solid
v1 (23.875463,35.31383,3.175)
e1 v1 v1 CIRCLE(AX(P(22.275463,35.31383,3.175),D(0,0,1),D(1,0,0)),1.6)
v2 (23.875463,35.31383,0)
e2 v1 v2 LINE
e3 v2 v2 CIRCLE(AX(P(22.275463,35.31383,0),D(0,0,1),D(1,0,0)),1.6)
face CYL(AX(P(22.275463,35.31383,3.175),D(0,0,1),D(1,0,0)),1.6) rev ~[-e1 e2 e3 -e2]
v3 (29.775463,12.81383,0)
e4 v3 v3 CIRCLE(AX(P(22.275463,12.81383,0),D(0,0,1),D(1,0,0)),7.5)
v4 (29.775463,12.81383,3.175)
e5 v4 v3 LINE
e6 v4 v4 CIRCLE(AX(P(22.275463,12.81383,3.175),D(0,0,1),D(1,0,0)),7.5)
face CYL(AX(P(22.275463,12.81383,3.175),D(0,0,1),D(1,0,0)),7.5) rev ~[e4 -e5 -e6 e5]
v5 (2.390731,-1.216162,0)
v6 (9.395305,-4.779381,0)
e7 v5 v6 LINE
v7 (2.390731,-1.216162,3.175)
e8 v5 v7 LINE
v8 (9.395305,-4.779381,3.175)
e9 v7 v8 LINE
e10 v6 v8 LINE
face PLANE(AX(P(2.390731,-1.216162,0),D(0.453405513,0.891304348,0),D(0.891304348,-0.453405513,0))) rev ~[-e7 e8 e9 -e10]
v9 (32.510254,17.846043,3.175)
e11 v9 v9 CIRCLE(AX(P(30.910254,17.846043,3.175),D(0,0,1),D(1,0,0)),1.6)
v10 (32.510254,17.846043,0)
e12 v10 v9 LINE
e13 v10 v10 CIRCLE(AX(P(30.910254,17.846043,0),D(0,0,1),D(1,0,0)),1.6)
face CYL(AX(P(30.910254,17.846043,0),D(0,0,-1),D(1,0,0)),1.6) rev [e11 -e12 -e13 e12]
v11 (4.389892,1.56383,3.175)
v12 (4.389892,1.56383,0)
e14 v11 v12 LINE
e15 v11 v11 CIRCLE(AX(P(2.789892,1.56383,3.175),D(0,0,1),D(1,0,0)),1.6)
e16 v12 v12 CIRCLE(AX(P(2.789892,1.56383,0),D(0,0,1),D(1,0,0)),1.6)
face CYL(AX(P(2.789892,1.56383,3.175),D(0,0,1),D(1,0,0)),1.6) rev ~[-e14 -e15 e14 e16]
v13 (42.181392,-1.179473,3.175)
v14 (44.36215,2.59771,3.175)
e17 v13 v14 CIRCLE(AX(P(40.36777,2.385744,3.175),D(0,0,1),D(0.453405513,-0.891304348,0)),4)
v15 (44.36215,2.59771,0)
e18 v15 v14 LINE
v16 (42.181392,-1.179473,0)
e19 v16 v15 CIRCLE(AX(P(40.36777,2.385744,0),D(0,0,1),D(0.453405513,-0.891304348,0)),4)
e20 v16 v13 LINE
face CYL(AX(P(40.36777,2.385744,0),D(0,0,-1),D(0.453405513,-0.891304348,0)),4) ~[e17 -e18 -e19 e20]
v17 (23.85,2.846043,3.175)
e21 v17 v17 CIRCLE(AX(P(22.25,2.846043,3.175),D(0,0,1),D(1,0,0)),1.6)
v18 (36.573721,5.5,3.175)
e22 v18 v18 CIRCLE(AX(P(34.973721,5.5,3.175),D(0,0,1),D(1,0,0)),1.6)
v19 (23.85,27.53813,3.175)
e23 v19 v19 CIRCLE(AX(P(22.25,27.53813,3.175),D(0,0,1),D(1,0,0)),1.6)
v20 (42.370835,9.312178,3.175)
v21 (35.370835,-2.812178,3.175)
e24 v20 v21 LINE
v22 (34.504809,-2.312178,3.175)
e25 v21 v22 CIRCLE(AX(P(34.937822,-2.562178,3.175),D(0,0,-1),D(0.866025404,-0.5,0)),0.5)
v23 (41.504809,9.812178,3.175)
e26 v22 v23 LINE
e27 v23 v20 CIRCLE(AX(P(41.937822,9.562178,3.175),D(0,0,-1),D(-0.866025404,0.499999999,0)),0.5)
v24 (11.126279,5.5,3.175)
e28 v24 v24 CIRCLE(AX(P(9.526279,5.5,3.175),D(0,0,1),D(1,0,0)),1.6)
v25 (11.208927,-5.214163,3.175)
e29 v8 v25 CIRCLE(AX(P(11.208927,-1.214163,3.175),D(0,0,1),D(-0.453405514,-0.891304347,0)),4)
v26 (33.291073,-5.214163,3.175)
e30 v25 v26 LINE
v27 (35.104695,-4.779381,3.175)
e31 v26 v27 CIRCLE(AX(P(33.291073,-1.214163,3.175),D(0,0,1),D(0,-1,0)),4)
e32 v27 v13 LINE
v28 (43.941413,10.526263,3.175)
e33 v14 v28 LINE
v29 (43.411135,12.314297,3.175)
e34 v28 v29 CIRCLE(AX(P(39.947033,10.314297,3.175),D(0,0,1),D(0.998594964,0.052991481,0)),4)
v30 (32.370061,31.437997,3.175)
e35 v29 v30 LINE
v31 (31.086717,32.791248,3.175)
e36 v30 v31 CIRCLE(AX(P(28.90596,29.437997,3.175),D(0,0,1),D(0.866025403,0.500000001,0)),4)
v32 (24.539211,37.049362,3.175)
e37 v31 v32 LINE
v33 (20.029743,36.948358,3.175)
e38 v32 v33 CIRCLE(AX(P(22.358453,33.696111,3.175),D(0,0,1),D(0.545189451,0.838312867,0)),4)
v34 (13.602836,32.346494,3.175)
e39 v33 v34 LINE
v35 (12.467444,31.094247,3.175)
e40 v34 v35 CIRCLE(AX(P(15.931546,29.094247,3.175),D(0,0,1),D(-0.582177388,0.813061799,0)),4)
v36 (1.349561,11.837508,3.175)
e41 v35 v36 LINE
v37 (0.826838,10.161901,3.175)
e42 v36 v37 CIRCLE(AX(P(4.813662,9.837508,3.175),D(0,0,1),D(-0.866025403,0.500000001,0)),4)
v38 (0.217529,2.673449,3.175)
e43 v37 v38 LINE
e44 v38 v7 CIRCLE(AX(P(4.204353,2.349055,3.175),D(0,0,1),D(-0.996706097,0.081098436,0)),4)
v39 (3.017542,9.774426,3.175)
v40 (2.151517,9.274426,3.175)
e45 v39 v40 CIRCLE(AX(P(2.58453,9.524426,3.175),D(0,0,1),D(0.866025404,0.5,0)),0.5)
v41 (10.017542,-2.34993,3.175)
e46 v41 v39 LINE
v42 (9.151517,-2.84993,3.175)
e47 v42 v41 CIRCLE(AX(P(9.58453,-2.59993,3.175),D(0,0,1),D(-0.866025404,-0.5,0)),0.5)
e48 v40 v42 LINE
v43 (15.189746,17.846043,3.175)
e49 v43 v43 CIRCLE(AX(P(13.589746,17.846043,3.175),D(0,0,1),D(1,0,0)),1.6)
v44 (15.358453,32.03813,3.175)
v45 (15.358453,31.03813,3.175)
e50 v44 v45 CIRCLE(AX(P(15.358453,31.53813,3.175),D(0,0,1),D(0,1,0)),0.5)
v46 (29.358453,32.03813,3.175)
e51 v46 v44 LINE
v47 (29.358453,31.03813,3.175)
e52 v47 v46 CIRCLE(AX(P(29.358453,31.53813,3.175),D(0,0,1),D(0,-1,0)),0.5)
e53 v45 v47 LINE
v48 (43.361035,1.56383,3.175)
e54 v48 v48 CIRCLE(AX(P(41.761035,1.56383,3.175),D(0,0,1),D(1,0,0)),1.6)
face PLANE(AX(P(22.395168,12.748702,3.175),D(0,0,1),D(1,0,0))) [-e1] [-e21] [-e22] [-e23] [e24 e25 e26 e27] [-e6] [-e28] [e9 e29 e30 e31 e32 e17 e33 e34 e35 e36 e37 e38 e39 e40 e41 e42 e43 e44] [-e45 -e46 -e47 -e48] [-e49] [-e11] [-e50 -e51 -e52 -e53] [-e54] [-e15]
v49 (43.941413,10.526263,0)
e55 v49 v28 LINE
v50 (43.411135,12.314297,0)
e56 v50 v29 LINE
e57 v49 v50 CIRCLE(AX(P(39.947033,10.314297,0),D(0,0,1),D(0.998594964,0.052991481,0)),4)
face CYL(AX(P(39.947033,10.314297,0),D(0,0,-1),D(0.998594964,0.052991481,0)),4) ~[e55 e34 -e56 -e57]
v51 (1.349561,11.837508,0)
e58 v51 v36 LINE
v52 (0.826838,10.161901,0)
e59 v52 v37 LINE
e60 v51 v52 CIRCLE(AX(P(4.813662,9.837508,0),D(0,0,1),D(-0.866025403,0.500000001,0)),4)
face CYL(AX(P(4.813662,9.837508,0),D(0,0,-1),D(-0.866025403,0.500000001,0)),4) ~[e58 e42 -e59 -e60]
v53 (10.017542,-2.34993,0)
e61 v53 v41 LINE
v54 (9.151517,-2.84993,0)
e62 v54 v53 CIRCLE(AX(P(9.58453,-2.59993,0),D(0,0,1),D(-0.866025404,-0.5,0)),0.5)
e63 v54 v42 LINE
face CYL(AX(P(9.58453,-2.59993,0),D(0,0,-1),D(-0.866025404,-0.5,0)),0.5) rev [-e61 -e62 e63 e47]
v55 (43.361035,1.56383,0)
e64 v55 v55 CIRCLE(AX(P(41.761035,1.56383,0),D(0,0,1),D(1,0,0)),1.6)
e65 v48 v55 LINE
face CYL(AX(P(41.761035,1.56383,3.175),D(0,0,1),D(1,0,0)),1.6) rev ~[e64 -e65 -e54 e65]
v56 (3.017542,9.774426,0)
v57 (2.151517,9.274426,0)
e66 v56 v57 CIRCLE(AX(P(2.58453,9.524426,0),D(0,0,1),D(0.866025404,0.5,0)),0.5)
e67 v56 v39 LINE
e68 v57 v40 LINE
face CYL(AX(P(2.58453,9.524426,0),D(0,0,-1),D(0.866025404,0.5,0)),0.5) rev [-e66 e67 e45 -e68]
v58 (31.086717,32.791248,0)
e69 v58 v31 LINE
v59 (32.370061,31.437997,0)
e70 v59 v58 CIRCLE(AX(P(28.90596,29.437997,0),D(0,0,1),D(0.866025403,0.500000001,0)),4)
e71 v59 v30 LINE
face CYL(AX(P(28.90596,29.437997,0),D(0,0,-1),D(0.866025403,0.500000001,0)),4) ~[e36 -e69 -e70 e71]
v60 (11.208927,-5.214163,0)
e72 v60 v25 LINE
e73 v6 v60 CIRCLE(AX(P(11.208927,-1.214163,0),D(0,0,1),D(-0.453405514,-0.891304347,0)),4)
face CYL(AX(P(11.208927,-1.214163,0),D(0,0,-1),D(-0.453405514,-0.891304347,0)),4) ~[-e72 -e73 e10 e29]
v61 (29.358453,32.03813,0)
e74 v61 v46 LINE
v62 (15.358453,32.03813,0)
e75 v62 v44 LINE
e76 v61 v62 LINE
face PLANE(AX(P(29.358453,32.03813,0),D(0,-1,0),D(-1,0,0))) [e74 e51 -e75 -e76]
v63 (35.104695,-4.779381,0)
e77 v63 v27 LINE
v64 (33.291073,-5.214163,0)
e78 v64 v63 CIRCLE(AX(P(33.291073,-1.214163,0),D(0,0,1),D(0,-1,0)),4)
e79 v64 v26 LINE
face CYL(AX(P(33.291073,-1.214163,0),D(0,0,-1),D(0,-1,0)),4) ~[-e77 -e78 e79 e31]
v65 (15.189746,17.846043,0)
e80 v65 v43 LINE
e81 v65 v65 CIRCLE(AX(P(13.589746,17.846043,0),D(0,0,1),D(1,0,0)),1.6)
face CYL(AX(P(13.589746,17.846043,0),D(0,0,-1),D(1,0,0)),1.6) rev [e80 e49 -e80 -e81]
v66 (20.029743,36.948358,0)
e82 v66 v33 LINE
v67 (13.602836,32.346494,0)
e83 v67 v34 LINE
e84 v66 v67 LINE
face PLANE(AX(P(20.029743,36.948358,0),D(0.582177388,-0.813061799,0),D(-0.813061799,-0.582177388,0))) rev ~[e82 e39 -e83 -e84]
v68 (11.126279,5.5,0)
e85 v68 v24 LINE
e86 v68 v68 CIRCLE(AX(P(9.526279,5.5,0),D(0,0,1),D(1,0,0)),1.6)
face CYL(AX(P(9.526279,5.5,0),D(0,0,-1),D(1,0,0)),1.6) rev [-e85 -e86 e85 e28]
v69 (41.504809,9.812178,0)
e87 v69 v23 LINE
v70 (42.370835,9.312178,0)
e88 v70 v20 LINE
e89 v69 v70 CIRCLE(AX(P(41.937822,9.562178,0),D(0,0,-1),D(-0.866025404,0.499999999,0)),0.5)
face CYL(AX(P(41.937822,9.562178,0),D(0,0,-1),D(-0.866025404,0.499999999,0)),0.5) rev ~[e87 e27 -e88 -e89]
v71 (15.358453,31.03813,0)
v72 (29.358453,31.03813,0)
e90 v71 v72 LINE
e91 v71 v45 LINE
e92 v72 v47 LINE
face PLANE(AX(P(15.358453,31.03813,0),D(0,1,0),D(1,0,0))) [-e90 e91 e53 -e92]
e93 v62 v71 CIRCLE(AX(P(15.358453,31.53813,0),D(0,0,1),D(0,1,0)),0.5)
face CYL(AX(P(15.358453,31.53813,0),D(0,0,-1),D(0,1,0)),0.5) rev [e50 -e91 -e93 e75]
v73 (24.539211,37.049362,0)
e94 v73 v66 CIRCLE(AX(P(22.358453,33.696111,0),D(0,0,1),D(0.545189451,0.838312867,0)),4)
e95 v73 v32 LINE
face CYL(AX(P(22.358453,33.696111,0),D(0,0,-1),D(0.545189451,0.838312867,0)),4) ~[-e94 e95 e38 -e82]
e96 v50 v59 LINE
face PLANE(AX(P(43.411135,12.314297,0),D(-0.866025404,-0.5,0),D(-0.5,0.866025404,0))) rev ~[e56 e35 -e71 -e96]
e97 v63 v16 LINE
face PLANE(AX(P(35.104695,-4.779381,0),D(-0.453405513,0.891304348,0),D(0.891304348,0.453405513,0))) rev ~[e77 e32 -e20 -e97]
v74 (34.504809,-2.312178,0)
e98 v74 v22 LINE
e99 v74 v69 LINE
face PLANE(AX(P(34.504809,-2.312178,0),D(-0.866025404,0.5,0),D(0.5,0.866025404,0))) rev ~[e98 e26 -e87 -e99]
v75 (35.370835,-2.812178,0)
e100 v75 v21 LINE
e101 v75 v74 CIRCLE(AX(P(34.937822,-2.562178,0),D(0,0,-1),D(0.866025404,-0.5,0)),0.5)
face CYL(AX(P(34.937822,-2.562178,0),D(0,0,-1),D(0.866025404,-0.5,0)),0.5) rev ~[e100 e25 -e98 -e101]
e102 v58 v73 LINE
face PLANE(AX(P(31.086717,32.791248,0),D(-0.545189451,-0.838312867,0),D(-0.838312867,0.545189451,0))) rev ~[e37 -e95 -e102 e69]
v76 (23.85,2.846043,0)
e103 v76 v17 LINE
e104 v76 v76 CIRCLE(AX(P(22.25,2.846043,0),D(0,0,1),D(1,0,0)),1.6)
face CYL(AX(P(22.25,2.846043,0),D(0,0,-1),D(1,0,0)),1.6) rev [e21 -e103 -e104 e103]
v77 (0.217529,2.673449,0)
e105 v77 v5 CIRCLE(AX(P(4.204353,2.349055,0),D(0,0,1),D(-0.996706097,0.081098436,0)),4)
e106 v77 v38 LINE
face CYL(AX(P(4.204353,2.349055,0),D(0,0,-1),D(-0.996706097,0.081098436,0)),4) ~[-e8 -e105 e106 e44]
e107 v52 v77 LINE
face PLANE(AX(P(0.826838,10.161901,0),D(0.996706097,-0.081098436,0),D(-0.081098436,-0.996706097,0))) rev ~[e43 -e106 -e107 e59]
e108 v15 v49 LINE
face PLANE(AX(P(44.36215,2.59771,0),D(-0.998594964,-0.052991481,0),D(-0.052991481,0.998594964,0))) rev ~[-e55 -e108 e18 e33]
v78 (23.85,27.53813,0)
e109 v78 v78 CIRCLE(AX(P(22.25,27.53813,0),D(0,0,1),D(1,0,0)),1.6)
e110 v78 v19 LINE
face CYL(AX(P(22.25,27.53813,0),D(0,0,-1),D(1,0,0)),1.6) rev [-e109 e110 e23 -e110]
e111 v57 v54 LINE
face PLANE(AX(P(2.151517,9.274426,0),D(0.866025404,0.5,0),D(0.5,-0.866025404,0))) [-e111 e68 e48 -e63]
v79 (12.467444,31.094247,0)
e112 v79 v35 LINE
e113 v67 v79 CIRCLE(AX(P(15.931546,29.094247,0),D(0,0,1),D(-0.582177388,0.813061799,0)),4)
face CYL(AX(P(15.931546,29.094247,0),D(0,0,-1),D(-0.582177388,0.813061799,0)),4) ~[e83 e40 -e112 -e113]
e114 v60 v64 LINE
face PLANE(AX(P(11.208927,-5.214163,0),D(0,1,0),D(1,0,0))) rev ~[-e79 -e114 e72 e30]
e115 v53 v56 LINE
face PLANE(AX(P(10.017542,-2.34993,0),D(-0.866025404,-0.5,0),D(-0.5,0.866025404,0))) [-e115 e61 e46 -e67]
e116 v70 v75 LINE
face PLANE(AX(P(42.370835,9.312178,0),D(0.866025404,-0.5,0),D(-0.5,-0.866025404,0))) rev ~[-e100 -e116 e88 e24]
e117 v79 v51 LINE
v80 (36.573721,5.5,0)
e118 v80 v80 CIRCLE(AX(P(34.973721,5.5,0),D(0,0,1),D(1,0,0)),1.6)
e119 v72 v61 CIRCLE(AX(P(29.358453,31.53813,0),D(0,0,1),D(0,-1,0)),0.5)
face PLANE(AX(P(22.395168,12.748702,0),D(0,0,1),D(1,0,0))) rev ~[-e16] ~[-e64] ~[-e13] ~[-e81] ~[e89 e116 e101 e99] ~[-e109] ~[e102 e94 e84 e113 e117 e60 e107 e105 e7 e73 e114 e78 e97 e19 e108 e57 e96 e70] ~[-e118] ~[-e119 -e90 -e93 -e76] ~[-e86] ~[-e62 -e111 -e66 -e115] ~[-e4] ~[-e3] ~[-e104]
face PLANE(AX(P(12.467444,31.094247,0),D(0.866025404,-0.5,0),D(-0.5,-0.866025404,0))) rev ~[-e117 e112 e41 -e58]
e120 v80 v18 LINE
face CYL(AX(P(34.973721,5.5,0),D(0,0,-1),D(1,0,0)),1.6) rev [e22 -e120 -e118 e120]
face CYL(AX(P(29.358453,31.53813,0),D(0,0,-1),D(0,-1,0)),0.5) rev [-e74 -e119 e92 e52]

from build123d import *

# Parameters (mm, degrees)
SKETCH1_R           = 1.6
BOSS_EXTRUDE1_DEPTH = 3.175
SKETCH2_R           = 1.6
SKETCH2_R_2         = 7.5
CUT_EXTRUDE1_DEPTH  = 4.175


with BuildPart() as part:
    # Sketch1 → Boss-Extrude1 (new body)
    with BuildSketch(Plane.XY):
        with BuildLine():
            Line((31.086717458, 32.79124845), (24.539210672, 37.049362302))
            ThreePointArc((24.539210672, 37.049362302), (22.268882249, 37.695107847), (20.029743315, 36.948358029))
            Line((20.029743315, 36.948358029), (13.602836128, 32.346493758))
            ThreePointArc((13.602836128, 32.346493758), (12.968237383, 31.781029757), (12.467444066, 31.094246563))
            Line((12.467444066, 31.094246563), (1.349560594, 11.837507517))
            ThreePointArc((1.349560594, 11.837507517), (0.995156132, 11.028730142), (0.826837821, 10.16190126))
            Line((0.826837821, 10.16190126), (0.217529035, 2.673448792))
            ThreePointArc((0.217529035, 2.673448792), (0.712425098, 0.398045931), (2.390731369, -1.216162343))
            Line((2.390731369, -1.216162343), (9.39530455, -4.779380795))
            ThreePointArc((9.39530455, -4.779380795), (10.276421795, -5.10394936), (11.208926603, -5.214163404))
            Line((11.208926603, -5.214163404), (33.291073397, -5.214163404))
            ThreePointArc((33.291073397, -5.214163404), (34.223578205, -5.10394936), (35.10469545, -4.779380795))
            Line((35.10469545, -4.779380795), (42.181392008, -1.179473262))
            ThreePointArc((42.181392008, -1.179473262), (43.83187157, 0.385744129), (44.362149812, 2.597710054))
            Line((44.362149812, 2.597710054), (43.941412908, 10.526262814))
            ThreePointArc((43.941412908, 10.526262814), (43.781938908, 11.451617014), (43.411134666, 12.314296889))
            Line((43.411134666, 12.314296889), (32.370061269, 31.437996983))
            ThreePointArc((32.370061269, 31.437996983), (31.808360702, 32.190462814), (31.086717458, 32.79124845))
        make_face()
        with Locations((13.589745962, 17.846043489)):
            Circle(SKETCH1_R, mode=Mode.SUBTRACT)
        with Locations((9.526279442, 5.5)):
            Circle(SKETCH1_R, mode=Mode.SUBTRACT)
        with Locations((34.973720558, 5.5)):
            Circle(SKETCH1_R, mode=Mode.SUBTRACT)
        with Locations((30.910254038, 17.846043489)):
            Circle(SKETCH1_R, mode=Mode.SUBTRACT)
        with Locations((22.25, 27.538130468)):
            Circle(SKETCH1_R, mode=Mode.SUBTRACT)
        with Locations((22.25, 2.846043489)):
            Circle(SKETCH1_R, mode=Mode.SUBTRACT)
        with BuildLine():
            Line((42.370834875, 9.312177826), (35.370834875, -2.812177826))
            ThreePointArc((35.370834875, -2.812177826), (34.687822174, -2.995190528), (34.504809472, -2.312177826))
            Line((34.504809472, -2.312177826), (41.504809472, 9.812177826))
            ThreePointArc((41.504809472, 9.812177826), (42.187822174, 9.995190528), (42.370834875, 9.312177826))
        make_face(mode=Mode.SUBTRACT)
        with BuildLine():
            Line((10.01754221, -2.349929674), (3.01754221, 9.774425979))
            ThreePointArc((3.01754221, 9.774425979), (2.334529508, 9.957438681), (2.151516806, 9.274425979))
            Line((2.151516806, 9.274425979), (9.151516806, -2.849929674))
            ThreePointArc((9.151516806, -2.849929674), (9.834529508, -3.032942376), (10.01754221, -2.349929674))
        make_face(mode=Mode.SUBTRACT)
        with BuildLine():
            Line((15.358452868, 31.038130468), (29.358452868, 31.038130468))
            ThreePointArc((29.358452868, 31.038130468), (29.858452868, 31.538130468), (29.358452868, 32.038130468))
            Line((29.358452868, 32.038130468), (15.358452868, 32.038130468))
            ThreePointArc((15.358452868, 32.038130468), (14.858452868, 31.538130468), (15.358452868, 31.038130468))
        make_face(mode=Mode.SUBTRACT)
    extrude(amount=BOSS_EXTRUDE1_DEPTH)

    # Sketch2 → Cut-Extrude1 (cut, through all)
    with BuildSketch(Plane.XY.offset(3.175)):
        with Locations((41.761034996, 1.563830145)):
            Circle(SKETCH2_R)
        with Locations((2.789891826, 1.563830145)):
            Circle(SKETCH2_R)
        with Locations((22.275463411, 12.813830145)):
            Circle(SKETCH2_R_2)
        with Locations((22.275463411, 35.313830145)):
            Circle(SKETCH2_R)
    extrude(amount=-CUT_EXTRUDE1_DEPTH, mode=Mode.SUBTRACT)


solid = part.part
